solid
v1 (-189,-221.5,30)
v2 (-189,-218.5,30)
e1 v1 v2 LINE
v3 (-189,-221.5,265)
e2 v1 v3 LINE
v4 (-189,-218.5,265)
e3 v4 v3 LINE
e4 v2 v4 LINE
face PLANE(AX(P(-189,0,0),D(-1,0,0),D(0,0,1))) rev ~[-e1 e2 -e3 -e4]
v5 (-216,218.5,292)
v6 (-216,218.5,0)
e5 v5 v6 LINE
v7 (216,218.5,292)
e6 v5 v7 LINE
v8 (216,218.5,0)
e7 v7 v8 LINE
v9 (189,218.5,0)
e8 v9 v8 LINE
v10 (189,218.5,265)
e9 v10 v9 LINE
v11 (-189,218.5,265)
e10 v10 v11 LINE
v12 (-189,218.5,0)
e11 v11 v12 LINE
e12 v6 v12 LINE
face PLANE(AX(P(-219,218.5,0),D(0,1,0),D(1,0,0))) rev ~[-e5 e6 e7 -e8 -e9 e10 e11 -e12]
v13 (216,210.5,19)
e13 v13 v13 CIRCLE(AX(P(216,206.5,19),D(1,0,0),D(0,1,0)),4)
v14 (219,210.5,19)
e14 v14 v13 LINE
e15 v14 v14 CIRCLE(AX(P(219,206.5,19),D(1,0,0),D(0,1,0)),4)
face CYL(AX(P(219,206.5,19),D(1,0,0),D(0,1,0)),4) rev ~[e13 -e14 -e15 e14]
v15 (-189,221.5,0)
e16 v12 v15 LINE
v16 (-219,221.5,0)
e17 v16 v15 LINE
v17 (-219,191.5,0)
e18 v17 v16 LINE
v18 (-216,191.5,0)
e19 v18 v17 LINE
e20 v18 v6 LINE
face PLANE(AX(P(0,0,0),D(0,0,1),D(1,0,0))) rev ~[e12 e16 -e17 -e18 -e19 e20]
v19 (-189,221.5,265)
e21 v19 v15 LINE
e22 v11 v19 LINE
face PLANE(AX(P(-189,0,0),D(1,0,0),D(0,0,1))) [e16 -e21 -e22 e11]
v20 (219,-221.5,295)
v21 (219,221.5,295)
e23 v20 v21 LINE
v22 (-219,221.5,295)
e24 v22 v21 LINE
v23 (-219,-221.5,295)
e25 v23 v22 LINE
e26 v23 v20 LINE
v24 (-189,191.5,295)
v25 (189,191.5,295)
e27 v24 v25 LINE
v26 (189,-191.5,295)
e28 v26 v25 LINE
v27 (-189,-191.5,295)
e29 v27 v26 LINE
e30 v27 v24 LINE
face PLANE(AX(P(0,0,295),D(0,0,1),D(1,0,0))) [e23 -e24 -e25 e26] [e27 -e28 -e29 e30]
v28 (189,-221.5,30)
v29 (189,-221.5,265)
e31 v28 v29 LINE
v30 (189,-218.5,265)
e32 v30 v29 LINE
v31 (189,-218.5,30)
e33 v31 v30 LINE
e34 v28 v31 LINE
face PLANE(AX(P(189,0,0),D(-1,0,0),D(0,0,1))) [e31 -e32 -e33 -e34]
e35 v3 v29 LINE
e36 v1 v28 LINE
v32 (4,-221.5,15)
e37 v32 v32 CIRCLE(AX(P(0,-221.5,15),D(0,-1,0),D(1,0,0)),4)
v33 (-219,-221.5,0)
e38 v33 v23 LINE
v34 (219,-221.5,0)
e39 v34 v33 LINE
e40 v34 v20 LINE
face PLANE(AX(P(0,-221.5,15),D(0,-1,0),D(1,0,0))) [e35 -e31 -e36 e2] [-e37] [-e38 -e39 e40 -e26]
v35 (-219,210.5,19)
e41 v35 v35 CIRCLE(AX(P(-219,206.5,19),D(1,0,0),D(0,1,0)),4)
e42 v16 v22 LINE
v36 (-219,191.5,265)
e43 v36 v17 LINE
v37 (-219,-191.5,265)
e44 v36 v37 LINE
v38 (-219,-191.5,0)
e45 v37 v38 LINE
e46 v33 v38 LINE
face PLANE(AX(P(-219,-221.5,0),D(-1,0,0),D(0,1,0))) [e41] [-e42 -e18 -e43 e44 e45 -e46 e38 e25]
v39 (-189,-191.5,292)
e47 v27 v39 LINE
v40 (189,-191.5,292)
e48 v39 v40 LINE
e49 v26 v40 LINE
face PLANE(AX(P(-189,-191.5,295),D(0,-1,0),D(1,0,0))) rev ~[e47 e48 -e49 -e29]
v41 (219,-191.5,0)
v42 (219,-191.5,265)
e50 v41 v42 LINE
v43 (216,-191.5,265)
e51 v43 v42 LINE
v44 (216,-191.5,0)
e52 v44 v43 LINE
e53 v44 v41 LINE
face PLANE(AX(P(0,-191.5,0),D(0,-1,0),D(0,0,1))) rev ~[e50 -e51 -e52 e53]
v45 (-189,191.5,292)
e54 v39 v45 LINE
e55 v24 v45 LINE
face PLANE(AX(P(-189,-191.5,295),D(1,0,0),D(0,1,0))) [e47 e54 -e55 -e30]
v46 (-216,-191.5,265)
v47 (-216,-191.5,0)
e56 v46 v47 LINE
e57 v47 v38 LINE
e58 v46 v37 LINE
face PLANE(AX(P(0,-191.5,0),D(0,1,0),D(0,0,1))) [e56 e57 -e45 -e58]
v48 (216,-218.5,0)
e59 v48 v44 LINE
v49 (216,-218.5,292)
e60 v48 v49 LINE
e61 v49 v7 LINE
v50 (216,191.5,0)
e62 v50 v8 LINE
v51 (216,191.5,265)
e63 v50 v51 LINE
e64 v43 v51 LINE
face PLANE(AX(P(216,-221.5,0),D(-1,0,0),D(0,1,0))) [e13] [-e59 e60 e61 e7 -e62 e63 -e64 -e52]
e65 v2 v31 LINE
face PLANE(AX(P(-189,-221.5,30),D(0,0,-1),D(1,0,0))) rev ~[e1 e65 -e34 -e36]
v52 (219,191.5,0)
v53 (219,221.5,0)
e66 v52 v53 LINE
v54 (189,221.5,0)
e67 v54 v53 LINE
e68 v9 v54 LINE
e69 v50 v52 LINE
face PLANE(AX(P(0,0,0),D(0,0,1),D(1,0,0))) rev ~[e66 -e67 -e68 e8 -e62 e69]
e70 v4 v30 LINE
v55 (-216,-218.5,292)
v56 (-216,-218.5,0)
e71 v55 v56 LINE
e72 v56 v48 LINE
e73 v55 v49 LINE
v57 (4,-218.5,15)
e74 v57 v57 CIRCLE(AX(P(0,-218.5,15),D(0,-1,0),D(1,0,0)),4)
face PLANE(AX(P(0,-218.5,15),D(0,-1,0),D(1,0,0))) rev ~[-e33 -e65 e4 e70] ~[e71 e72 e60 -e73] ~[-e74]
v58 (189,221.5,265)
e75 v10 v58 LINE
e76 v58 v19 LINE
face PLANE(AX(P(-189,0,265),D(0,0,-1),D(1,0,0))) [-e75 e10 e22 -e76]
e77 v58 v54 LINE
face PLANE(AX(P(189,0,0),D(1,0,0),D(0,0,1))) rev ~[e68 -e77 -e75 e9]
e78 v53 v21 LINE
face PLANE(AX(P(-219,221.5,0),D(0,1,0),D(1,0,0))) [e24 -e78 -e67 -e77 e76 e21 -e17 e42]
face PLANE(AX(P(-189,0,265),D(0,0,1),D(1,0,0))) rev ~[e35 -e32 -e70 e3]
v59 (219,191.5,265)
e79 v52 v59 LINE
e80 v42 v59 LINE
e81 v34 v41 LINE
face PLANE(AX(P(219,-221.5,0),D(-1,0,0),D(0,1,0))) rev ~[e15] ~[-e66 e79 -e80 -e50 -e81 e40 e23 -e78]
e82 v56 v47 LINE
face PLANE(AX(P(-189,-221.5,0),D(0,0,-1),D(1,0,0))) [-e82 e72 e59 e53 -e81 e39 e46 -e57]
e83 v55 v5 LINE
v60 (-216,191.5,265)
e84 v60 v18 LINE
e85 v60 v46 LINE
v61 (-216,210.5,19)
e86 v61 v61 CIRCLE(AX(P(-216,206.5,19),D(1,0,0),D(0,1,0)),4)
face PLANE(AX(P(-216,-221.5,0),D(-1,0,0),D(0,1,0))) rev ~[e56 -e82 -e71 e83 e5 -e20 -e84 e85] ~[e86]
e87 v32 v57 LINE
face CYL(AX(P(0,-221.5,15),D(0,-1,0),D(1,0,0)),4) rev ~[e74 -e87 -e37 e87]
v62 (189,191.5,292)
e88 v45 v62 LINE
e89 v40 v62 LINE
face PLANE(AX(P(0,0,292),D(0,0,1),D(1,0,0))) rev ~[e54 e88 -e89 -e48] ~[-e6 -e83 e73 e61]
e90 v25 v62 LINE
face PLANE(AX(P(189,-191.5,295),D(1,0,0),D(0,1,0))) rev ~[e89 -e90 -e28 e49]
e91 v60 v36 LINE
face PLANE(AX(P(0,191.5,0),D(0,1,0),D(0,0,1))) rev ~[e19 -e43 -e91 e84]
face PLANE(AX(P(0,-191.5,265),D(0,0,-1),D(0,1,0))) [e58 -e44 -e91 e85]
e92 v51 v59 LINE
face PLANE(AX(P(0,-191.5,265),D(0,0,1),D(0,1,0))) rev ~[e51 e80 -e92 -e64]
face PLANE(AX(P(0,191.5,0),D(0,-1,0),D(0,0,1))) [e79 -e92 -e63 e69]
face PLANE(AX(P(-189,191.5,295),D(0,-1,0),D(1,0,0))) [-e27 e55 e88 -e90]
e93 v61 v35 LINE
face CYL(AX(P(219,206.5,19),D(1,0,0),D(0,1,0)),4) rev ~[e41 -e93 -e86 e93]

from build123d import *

# Parameters (mm, degrees)
F0_W          = 438
F0_H          = 443
F1_DEPTH      = 295
F2_T          = -3
F3_W          = 378
F3_H          = 265
F4_DEPTH      = 221.501
F4_DEPTH_BACK = 221.501
F5_W          = 383
F5_H          = 265
F6_DEPTH      = 219.001
F6_DEPTH_BACK = 219.001
F7_W          = 378
F7_H          = 383
F8_DEPTH      = 295.001
F9_W          = 378
F9_H          = 30
F9_R          = 4
F10_DEPTH     = 3
F11_R         = 4
F12_DEPTH     = 438.001


with BuildPart() as f1:
    # F0 (on Top) → F1 (new body)
    with BuildSketch(Plane.XY):
        Rectangle(F0_W, F0_H)
    extrude(amount=F1_DEPTH)

    # F2
    f2_openings = [f1.faces().sort_by_distance(p)[0] for p in [
        (0, 0, 0),
    ]]
    offset(amount=F2_T, openings=f2_openings)

    # F3 (on Front) → F4 (cut, two sides)
    with BuildSketch(Plane.XZ) as f4_sk:
        with Locations((0, 132.5)):
            Rectangle(F3_W, F3_H)
    extrude(amount=-F4_DEPTH, mode=Mode.SUBTRACT)
    extrude(f4_sk.sketch, amount=F4_DEPTH_BACK, mode=Mode.SUBTRACT)

    # F5 (on Right) → F6 (cut, two sides)
    with BuildSketch(Plane.YZ) as f6_sk:
        with Locations((0, 132.5)):
            Rectangle(F5_W, F5_H)
    extrude(amount=-F6_DEPTH, mode=Mode.SUBTRACT)
    extrude(f6_sk.sketch, amount=F6_DEPTH_BACK, mode=Mode.SUBTRACT)

    # F7 (on face) → F8 (cut, through all)
    with BuildSketch(Plane.XY.offset(295)):
        Rectangle(F7_W, F7_H)
    extrude(amount=-F8_DEPTH, mode=Mode.SUBTRACT)

    # F9 (on face) → F10 (join, through all)
    with BuildSketch(Plane.XZ.offset(221.5)):
        with Locations((0, 15)):
            Rectangle(F9_W, F9_H)
        with Locations((0, 15)):
            Circle(F9_R, mode=Mode.SUBTRACT)
    extrude(amount=-F10_DEPTH)

    # F11 (on face) → F12 (cut, through all)
    with BuildSketch(Plane.YZ.offset(219)):
        with Locations((206.5, 19)):
            Circle(F11_R)
    extrude(amount=-F12_DEPTH, mode=Mode.SUBTRACT)


solid = f1.part
